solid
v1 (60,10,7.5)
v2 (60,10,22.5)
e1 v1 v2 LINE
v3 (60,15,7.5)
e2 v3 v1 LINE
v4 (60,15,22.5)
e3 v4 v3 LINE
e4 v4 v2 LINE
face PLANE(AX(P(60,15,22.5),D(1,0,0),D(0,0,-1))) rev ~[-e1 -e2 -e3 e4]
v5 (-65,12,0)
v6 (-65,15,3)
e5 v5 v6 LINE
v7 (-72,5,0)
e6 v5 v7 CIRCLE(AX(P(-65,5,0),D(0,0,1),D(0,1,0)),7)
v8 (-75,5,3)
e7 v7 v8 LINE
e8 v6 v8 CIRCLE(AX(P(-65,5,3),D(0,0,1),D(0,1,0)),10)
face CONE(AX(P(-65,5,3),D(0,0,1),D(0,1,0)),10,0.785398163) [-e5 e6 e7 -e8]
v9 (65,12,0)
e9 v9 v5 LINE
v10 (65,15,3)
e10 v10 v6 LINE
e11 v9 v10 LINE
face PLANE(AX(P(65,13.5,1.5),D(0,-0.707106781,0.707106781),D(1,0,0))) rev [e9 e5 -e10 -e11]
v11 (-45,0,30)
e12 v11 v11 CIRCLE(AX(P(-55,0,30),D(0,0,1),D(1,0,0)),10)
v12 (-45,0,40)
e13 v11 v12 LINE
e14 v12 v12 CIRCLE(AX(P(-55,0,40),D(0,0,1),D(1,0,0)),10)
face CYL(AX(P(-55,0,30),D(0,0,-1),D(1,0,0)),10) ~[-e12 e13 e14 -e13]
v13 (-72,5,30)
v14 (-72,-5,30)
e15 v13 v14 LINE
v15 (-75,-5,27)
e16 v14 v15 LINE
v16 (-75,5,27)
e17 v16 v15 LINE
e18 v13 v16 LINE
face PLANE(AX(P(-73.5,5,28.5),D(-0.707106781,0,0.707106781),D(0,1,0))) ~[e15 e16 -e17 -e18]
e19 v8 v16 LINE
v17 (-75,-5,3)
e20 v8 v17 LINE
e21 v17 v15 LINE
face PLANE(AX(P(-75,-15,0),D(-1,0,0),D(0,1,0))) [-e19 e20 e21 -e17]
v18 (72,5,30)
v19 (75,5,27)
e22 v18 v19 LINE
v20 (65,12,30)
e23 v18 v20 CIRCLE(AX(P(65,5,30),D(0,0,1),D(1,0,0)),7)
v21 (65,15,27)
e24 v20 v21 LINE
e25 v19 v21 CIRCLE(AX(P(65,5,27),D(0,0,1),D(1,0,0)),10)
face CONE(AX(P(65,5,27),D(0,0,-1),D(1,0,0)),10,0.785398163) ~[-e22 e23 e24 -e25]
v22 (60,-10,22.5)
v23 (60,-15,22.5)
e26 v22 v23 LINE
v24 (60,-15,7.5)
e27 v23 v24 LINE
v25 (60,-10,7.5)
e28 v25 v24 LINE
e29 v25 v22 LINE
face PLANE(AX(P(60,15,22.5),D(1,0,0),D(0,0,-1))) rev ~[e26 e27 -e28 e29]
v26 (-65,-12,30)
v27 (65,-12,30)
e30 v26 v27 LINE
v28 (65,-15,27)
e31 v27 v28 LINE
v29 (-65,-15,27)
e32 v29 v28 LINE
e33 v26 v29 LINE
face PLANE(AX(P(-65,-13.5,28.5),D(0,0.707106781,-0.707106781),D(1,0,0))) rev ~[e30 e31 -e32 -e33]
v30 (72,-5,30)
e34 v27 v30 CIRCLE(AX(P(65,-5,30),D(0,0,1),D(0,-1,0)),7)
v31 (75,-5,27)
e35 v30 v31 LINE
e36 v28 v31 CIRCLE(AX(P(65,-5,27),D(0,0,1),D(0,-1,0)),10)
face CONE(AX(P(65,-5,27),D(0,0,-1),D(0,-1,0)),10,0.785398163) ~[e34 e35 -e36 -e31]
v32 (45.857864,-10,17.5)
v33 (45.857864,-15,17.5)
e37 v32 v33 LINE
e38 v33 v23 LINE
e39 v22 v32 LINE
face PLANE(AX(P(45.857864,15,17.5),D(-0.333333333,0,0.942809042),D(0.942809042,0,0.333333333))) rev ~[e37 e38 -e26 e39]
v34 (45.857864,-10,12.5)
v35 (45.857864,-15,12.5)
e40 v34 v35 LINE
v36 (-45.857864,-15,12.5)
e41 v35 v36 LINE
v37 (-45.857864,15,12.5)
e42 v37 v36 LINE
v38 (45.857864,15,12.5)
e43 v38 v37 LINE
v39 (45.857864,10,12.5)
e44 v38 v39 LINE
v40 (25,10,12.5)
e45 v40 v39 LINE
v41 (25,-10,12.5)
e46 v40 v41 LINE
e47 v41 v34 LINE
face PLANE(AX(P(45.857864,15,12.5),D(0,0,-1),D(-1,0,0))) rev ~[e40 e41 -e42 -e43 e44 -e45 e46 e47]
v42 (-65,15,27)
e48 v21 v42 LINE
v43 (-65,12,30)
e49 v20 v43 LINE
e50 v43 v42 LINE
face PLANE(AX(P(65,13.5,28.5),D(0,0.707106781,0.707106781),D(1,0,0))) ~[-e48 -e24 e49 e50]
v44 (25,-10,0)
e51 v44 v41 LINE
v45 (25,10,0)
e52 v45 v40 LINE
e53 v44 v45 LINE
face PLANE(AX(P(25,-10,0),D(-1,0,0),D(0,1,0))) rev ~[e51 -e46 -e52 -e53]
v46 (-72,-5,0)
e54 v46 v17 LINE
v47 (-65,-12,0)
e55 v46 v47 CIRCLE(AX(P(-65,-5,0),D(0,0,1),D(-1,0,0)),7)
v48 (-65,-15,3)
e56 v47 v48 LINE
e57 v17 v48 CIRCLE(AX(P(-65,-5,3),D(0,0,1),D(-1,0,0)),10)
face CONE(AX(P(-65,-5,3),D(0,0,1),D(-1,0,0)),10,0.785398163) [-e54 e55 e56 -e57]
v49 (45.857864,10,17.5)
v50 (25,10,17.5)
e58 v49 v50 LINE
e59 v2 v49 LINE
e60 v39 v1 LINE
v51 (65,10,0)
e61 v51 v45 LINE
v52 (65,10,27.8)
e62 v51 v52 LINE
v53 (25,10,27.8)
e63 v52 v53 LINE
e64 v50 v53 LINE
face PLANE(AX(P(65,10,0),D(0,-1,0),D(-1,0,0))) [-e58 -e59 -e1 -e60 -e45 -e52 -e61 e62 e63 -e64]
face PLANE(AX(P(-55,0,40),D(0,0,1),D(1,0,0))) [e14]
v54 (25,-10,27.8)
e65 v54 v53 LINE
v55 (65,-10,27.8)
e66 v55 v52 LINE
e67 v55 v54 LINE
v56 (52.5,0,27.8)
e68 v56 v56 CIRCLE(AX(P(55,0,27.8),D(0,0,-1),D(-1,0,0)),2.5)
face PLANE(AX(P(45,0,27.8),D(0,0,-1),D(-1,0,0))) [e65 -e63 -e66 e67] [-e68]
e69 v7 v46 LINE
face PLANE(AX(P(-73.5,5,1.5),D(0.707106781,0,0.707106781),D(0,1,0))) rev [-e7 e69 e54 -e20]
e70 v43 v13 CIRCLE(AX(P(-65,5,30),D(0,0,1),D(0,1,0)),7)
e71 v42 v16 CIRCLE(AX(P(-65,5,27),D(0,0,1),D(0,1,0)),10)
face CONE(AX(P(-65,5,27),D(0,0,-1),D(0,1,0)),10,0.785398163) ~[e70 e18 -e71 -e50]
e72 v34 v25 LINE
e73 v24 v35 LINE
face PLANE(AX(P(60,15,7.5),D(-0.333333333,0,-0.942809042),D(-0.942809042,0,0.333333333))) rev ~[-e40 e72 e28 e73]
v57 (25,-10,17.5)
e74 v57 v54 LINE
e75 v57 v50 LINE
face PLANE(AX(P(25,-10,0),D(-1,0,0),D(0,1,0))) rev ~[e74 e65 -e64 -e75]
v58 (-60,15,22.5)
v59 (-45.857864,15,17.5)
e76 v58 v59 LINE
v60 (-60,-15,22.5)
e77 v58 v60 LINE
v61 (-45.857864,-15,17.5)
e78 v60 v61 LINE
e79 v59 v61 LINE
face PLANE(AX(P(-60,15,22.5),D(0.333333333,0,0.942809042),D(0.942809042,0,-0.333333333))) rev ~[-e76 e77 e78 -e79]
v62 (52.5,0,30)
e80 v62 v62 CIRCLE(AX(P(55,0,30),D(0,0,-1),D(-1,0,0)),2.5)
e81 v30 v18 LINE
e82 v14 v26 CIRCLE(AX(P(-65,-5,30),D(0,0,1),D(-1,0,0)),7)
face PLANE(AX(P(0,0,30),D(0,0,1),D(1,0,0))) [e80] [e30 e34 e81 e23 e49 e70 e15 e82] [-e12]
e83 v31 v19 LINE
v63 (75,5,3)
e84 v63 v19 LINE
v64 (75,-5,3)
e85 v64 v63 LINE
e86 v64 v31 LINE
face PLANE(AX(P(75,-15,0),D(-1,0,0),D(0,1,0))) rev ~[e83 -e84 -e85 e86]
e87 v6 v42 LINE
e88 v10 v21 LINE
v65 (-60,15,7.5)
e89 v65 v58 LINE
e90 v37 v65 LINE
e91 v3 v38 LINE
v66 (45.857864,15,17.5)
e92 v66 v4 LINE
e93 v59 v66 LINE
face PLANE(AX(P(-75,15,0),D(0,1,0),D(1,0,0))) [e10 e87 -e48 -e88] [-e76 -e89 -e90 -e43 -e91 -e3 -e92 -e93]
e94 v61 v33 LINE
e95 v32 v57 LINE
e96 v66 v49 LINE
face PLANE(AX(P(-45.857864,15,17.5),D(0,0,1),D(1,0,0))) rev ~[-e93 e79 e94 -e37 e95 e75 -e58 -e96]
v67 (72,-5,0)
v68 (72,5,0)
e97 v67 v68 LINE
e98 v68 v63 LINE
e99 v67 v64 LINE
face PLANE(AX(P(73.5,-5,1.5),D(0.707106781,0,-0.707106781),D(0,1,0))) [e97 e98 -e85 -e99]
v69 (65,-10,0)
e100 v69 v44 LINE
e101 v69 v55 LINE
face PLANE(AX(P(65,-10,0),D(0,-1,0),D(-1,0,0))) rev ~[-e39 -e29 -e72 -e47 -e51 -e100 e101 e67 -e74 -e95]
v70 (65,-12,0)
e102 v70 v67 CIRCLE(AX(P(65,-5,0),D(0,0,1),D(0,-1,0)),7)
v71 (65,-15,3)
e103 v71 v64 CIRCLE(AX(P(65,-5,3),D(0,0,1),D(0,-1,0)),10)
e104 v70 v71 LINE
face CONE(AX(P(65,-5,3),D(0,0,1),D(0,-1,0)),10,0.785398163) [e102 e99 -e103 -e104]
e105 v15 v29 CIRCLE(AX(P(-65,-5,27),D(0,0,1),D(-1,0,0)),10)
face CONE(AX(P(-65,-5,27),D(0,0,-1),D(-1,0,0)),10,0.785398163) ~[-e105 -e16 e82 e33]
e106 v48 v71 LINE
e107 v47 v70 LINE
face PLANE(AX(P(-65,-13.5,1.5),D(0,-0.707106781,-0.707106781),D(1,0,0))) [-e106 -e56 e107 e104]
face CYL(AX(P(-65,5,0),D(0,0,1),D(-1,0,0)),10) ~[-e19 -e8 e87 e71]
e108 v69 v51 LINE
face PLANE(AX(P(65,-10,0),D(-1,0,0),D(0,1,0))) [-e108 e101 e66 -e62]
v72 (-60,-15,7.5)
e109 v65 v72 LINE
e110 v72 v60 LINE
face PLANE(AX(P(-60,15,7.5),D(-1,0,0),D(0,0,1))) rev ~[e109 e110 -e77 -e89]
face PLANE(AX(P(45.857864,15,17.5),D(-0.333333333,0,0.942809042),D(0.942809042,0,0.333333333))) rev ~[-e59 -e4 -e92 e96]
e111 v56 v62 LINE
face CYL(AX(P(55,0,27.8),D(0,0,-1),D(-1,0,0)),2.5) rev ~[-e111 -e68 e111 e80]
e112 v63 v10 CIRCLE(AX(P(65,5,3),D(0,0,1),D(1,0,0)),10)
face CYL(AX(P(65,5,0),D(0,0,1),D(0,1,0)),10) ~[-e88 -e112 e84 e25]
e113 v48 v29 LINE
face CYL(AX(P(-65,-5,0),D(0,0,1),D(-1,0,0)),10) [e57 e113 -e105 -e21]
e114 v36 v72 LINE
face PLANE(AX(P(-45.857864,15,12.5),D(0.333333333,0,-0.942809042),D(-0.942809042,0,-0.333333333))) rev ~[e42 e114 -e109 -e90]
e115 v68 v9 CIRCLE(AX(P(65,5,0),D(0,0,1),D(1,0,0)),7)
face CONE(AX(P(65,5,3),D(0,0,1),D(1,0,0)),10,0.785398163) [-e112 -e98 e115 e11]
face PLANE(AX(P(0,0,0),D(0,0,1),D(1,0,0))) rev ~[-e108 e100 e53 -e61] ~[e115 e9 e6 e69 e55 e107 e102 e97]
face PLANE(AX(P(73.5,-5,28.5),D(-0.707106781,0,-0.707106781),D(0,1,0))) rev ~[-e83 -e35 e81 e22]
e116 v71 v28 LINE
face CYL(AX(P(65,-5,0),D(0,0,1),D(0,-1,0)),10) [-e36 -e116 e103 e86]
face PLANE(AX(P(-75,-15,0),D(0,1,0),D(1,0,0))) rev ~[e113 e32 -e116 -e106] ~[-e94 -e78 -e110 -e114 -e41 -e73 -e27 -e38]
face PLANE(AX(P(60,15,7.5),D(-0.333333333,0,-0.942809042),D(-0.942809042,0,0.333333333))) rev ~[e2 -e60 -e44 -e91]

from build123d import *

# Parameters (mm, degrees)
SKETCH1_W           = 150
SKETCH1_H           = 30
BOSS_EXTRUDE1_DEPTH = 30
SKETCH2_R           = 10
BOSS_EXTRUDE2_DEPTH = 10
FILLET1_R           = 10
SKETCH3_W           = 40
SKETCH3_H           = 20
CUT_EXTRUDE1_DEPTH  = 27.8
SKETCH4_R           = 2.5
CUT_EXTRUDE2_DEPTH  = 27.8
CUT_EXTRUDE3_DEPTH  = 31
CHAMFER1_SIZE       = 3


with BuildPart() as part:
    # Sketch1 → Boss-Extrude1 (new body)
    with BuildSketch(Plane.XY):
        Rectangle(SKETCH1_W, SKETCH1_H)
    extrude(amount=BOSS_EXTRUDE1_DEPTH)

    # Sketch2 → Boss-Extrude2 (add)
    with BuildSketch(Plane.XY.offset(30)):
        with Locations((-55, 0)):
            Circle(SKETCH2_R)
    extrude(amount=BOSS_EXTRUDE2_DEPTH)

    # Fillet1
    fillet1_edges = [part.edges().sort_by_distance(p)[0] for p in [
        (75, -15, 15),
        (-75, -15, 15),
        (-75, 15, 15),
        (75, 15, 15),
    ]]
    fillet(fillet1_edges, radius=FILLET1_R)

    # Sketch3 → Cut-Extrude1 (cut)
    with BuildSketch(Plane(origin=(0, 0, 0), x_dir=(-1, 0, 0), z_dir=(0, 0, -1))):
        with Locations((-45, 0)):
            Rectangle(SKETCH3_W, SKETCH3_H)
    extrude(amount=-CUT_EXTRUDE1_DEPTH, mode=Mode.SUBTRACT)

    # Sketch4 → Cut-Extrude2 (cut)
    with BuildSketch(Plane(origin=(0, 0, 27.8), x_dir=(-1, 0, 0), z_dir=(0, 0, -1))):
        with Locations((-55, 0)):
            Circle(SKETCH4_R)
    extrude(amount=-CUT_EXTRUDE2_DEPTH, mode=Mode.SUBTRACT)

    # Sketch5 → Cut-Extrude3 (cut, through all)
    with BuildSketch(Plane(origin=(0, 15, 0), x_dir=(1, 0, 0), z_dir=(0, 1, 0))):
        Polygon((-60, -7.5), (-60, -22.5), (-45.857864376, -17.5), (45.857864376, -17.5), (60, -22.5), (60, -7.5), (45.857864376, -12.5), (-45.857864376, -12.5), align=None)
    extrude(amount=-CUT_EXTRUDE3_DEPTH, mode=Mode.SUBTRACT)

    # Chamfer1
    chamfer1_edges = [part.edges().sort_by_distance(p)[0] for p in [
        (75, 0, 0),
        (75, 0, 30),
        (0, -15, 0),
        (-75, 0, 0),
        (0, 15, 0),
        (-72.071067812, 12.071067812, 0),
        (-72.071067812, -12.071067812, 0),
        (72.071067812, 12.071067812, 0),
        (72.071067812, -12.071067812, 0),
        (0, -15, 30),
        (0, 15, 30),
        (-75, 0, 30),
        (-72.071067812, 12.071067812, 30),
        (-72.071067812, -12.071067812, 30),
        (72.071067812, 12.071067812, 30),
        (72.071067812, -12.071067812, 30),
    ]]
    chamfer(chamfer1_edges, length=CHAMFER1_SIZE)


solid = part.part
